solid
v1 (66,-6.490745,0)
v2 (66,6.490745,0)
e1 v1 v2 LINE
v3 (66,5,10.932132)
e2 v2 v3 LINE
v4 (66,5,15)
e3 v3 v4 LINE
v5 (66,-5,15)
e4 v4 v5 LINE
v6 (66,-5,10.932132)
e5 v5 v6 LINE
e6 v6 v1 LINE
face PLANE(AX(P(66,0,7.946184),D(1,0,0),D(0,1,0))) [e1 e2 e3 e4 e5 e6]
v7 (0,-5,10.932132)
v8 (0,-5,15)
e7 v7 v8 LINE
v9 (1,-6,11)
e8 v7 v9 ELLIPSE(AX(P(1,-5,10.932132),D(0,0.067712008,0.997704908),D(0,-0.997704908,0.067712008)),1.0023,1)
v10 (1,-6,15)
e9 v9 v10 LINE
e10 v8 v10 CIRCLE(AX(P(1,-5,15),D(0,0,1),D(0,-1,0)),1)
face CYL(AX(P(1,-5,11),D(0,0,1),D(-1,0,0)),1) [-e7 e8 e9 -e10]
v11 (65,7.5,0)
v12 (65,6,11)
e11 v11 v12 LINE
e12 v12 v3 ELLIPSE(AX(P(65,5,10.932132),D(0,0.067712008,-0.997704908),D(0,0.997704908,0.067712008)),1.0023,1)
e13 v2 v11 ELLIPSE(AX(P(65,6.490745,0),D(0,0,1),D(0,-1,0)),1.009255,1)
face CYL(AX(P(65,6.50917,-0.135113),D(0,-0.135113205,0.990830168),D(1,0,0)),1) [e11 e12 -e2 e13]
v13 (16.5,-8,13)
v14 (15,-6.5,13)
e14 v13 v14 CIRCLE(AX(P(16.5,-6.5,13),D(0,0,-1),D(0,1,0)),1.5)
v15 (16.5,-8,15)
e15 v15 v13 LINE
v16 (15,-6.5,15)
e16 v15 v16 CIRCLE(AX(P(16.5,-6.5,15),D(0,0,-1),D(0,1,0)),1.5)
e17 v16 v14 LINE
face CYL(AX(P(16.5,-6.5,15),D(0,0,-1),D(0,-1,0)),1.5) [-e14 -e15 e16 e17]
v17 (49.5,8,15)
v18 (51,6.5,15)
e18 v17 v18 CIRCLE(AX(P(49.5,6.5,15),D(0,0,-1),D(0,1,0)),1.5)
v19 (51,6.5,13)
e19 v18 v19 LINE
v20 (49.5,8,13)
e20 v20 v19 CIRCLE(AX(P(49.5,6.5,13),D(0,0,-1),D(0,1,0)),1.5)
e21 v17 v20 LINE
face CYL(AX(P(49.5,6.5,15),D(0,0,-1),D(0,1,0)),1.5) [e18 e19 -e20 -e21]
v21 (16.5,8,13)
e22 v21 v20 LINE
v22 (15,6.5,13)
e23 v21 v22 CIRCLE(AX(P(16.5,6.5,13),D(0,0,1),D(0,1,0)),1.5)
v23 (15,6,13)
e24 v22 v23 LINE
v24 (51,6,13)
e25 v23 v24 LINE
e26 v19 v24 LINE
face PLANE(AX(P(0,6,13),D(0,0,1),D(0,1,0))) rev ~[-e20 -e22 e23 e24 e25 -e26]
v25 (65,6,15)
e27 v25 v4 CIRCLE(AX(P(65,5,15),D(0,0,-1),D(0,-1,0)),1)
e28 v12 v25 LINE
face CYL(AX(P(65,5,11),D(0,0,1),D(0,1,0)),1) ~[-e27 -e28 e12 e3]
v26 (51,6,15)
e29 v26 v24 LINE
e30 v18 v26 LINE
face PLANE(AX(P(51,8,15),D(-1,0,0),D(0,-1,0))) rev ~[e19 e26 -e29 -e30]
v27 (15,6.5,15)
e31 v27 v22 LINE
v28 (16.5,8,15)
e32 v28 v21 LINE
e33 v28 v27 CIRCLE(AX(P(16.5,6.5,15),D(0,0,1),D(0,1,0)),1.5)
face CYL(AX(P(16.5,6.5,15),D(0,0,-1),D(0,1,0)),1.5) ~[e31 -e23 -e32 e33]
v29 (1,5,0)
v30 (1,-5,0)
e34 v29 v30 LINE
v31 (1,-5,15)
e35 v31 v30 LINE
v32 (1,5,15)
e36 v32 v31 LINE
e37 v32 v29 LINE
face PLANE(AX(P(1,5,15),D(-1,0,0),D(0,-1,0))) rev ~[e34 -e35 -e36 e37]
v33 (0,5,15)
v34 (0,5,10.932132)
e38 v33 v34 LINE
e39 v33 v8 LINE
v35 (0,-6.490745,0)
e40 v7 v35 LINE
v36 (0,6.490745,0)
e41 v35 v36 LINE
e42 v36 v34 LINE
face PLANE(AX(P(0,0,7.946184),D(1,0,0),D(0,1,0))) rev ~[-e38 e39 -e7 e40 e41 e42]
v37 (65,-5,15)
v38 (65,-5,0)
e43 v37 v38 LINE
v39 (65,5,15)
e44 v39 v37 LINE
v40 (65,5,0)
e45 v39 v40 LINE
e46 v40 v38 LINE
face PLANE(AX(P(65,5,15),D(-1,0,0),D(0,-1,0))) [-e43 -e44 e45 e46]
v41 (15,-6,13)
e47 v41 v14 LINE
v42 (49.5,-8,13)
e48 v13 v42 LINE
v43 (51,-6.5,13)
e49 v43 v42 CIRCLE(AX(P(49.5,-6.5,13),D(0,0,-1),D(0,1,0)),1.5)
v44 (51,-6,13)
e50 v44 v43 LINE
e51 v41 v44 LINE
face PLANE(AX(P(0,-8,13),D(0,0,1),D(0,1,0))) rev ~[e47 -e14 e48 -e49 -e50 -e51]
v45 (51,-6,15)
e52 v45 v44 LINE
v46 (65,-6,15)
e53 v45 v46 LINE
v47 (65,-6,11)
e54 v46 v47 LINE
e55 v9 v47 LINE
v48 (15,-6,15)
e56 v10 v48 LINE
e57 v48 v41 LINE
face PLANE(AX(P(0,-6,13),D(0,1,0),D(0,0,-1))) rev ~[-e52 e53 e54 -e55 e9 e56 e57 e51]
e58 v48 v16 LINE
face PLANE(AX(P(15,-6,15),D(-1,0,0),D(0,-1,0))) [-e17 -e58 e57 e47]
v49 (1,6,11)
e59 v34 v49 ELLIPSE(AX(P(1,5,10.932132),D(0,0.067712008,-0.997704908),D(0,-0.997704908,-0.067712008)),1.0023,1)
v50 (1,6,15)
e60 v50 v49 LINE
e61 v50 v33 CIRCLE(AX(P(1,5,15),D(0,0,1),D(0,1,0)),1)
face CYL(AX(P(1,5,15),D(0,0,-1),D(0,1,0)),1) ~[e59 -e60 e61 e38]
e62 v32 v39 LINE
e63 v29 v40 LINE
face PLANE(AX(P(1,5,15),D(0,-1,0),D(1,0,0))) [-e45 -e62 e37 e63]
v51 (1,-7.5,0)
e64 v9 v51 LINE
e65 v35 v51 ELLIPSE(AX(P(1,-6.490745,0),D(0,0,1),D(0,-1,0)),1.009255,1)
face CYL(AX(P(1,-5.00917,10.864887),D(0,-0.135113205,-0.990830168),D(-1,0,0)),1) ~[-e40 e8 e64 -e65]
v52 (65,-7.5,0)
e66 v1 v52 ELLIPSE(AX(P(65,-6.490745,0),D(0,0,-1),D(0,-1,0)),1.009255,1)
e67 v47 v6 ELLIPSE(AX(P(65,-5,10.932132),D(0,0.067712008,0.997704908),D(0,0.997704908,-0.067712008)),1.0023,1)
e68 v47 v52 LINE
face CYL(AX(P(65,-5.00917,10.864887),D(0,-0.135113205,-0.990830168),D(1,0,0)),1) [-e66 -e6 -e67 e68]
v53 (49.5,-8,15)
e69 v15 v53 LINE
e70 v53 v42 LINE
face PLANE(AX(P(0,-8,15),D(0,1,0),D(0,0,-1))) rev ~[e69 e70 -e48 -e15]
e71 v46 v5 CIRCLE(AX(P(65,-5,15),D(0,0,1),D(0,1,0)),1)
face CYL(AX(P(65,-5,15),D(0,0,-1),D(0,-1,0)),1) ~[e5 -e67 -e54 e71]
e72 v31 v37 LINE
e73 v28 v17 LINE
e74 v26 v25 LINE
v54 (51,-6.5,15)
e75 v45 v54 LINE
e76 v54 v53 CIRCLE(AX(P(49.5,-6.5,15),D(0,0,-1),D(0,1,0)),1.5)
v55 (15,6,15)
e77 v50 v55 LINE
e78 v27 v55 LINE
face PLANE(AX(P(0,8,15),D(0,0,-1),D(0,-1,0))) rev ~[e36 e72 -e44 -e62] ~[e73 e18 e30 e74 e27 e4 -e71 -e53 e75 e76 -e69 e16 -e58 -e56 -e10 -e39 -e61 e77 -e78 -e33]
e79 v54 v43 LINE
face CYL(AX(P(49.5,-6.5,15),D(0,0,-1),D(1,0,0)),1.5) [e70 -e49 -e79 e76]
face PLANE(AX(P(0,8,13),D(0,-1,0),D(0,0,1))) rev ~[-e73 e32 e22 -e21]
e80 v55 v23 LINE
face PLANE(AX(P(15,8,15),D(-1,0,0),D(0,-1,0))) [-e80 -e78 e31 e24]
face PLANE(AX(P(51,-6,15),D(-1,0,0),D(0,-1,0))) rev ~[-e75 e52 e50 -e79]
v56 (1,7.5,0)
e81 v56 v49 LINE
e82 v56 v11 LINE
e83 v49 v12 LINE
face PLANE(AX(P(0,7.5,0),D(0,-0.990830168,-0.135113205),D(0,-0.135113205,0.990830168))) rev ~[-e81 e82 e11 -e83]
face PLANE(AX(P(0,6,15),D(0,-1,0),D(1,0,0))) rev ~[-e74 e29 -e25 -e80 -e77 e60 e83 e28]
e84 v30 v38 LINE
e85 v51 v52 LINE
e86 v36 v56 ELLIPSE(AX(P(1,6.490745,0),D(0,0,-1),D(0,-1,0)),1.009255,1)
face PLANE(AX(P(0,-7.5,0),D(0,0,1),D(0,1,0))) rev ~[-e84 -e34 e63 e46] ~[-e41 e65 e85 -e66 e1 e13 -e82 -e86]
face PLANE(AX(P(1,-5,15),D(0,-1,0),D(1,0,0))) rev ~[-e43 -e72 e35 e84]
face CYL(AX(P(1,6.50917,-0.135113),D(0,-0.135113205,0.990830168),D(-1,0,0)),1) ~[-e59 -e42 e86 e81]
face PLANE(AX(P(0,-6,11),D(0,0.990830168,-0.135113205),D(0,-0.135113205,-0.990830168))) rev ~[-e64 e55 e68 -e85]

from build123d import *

# Parameters (mm, degrees)
PAD002_DEPTH    = 66
SKETCH003_W     = 10
SKETCH003_H     = 64
POCKET_DEPTH    = 15.001
SKETCH004_W     = 2
SKETCH004_H     = 15
POCKET001_DEPTH = 2
FILLET004003_R  = 1.5
FILLET004004_R  = 1


with BuildPart() as part:
    # Sketch002 → Pad002 (new body)
    with BuildSketch(Plane.YZ):
        Polygon((-7.5, 0), (7.5, 0), (6, 11), (6, 13), (8, 13), (8, 15), (-8, 15), (-8, 13), (-6, 13), (-6, 11), align=None)
    extrude(amount=PAD002_DEPTH)

    # Sketch003 (on Face6 of Pad002) → Pocket (cut, through all)
    with BuildSketch(Plane(origin=(0, 0, 15), x_dir=(0, -1, 0), z_dir=(0, 0, 1))):
        with Locations((0, 33)):
            Rectangle(SKETCH003_W, SKETCH003_H)
    extrude(amount=-POCKET_DEPTH, mode=Mode.SUBTRACT)

    # Sketch004 (on Face14 of Pocket) → Pocket001 (cut)
    with BuildSketch(Plane(origin=(0, 0, 15), x_dir=(0, -1, 0), z_dir=(0, 0, 1))):
        with Locations((-7, 7.5)):
            Rectangle(SKETCH004_W, SKETCH004_H)
        with Locations((7, 7.5)):
            Rectangle(SKETCH004_W, SKETCH004_H)
        with Locations((-7, 58.5)):
            Rectangle(SKETCH004_W, SKETCH004_H)
        with Locations((7, 58.5)):
            Rectangle(SKETCH004_W, SKETCH004_H)
    extrude(amount=-POCKET001_DEPTH, mode=Mode.SUBTRACT)

    # Fillet004003
    fillet004003_edges = [part.edges().sort_by_distance(p)[0] for p in [
        (15, -8, 14),
        (51, -8, 14),
        (51, 8, 14),
        (15, 8, 14),
    ]]
    fillet(fillet004003_edges, radius=FILLET004003_R)

    # Fillet004004
    fillet004004_edges = [part.edges().sort_by_distance(p)[0] for p in [
        (0, 6.75, 5.5),
        (0, 6, 13),
        (0, -6, 13),
        (0, -6.75, 5.5),
        (66, -6, 13),
        (66, -6.75, 5.5),
        (66, 6, 13),
        (66, 6.75, 5.5),
    ]]
    fillet(fillet004004_edges, radius=FILLET004004_R)


solid = part.part
